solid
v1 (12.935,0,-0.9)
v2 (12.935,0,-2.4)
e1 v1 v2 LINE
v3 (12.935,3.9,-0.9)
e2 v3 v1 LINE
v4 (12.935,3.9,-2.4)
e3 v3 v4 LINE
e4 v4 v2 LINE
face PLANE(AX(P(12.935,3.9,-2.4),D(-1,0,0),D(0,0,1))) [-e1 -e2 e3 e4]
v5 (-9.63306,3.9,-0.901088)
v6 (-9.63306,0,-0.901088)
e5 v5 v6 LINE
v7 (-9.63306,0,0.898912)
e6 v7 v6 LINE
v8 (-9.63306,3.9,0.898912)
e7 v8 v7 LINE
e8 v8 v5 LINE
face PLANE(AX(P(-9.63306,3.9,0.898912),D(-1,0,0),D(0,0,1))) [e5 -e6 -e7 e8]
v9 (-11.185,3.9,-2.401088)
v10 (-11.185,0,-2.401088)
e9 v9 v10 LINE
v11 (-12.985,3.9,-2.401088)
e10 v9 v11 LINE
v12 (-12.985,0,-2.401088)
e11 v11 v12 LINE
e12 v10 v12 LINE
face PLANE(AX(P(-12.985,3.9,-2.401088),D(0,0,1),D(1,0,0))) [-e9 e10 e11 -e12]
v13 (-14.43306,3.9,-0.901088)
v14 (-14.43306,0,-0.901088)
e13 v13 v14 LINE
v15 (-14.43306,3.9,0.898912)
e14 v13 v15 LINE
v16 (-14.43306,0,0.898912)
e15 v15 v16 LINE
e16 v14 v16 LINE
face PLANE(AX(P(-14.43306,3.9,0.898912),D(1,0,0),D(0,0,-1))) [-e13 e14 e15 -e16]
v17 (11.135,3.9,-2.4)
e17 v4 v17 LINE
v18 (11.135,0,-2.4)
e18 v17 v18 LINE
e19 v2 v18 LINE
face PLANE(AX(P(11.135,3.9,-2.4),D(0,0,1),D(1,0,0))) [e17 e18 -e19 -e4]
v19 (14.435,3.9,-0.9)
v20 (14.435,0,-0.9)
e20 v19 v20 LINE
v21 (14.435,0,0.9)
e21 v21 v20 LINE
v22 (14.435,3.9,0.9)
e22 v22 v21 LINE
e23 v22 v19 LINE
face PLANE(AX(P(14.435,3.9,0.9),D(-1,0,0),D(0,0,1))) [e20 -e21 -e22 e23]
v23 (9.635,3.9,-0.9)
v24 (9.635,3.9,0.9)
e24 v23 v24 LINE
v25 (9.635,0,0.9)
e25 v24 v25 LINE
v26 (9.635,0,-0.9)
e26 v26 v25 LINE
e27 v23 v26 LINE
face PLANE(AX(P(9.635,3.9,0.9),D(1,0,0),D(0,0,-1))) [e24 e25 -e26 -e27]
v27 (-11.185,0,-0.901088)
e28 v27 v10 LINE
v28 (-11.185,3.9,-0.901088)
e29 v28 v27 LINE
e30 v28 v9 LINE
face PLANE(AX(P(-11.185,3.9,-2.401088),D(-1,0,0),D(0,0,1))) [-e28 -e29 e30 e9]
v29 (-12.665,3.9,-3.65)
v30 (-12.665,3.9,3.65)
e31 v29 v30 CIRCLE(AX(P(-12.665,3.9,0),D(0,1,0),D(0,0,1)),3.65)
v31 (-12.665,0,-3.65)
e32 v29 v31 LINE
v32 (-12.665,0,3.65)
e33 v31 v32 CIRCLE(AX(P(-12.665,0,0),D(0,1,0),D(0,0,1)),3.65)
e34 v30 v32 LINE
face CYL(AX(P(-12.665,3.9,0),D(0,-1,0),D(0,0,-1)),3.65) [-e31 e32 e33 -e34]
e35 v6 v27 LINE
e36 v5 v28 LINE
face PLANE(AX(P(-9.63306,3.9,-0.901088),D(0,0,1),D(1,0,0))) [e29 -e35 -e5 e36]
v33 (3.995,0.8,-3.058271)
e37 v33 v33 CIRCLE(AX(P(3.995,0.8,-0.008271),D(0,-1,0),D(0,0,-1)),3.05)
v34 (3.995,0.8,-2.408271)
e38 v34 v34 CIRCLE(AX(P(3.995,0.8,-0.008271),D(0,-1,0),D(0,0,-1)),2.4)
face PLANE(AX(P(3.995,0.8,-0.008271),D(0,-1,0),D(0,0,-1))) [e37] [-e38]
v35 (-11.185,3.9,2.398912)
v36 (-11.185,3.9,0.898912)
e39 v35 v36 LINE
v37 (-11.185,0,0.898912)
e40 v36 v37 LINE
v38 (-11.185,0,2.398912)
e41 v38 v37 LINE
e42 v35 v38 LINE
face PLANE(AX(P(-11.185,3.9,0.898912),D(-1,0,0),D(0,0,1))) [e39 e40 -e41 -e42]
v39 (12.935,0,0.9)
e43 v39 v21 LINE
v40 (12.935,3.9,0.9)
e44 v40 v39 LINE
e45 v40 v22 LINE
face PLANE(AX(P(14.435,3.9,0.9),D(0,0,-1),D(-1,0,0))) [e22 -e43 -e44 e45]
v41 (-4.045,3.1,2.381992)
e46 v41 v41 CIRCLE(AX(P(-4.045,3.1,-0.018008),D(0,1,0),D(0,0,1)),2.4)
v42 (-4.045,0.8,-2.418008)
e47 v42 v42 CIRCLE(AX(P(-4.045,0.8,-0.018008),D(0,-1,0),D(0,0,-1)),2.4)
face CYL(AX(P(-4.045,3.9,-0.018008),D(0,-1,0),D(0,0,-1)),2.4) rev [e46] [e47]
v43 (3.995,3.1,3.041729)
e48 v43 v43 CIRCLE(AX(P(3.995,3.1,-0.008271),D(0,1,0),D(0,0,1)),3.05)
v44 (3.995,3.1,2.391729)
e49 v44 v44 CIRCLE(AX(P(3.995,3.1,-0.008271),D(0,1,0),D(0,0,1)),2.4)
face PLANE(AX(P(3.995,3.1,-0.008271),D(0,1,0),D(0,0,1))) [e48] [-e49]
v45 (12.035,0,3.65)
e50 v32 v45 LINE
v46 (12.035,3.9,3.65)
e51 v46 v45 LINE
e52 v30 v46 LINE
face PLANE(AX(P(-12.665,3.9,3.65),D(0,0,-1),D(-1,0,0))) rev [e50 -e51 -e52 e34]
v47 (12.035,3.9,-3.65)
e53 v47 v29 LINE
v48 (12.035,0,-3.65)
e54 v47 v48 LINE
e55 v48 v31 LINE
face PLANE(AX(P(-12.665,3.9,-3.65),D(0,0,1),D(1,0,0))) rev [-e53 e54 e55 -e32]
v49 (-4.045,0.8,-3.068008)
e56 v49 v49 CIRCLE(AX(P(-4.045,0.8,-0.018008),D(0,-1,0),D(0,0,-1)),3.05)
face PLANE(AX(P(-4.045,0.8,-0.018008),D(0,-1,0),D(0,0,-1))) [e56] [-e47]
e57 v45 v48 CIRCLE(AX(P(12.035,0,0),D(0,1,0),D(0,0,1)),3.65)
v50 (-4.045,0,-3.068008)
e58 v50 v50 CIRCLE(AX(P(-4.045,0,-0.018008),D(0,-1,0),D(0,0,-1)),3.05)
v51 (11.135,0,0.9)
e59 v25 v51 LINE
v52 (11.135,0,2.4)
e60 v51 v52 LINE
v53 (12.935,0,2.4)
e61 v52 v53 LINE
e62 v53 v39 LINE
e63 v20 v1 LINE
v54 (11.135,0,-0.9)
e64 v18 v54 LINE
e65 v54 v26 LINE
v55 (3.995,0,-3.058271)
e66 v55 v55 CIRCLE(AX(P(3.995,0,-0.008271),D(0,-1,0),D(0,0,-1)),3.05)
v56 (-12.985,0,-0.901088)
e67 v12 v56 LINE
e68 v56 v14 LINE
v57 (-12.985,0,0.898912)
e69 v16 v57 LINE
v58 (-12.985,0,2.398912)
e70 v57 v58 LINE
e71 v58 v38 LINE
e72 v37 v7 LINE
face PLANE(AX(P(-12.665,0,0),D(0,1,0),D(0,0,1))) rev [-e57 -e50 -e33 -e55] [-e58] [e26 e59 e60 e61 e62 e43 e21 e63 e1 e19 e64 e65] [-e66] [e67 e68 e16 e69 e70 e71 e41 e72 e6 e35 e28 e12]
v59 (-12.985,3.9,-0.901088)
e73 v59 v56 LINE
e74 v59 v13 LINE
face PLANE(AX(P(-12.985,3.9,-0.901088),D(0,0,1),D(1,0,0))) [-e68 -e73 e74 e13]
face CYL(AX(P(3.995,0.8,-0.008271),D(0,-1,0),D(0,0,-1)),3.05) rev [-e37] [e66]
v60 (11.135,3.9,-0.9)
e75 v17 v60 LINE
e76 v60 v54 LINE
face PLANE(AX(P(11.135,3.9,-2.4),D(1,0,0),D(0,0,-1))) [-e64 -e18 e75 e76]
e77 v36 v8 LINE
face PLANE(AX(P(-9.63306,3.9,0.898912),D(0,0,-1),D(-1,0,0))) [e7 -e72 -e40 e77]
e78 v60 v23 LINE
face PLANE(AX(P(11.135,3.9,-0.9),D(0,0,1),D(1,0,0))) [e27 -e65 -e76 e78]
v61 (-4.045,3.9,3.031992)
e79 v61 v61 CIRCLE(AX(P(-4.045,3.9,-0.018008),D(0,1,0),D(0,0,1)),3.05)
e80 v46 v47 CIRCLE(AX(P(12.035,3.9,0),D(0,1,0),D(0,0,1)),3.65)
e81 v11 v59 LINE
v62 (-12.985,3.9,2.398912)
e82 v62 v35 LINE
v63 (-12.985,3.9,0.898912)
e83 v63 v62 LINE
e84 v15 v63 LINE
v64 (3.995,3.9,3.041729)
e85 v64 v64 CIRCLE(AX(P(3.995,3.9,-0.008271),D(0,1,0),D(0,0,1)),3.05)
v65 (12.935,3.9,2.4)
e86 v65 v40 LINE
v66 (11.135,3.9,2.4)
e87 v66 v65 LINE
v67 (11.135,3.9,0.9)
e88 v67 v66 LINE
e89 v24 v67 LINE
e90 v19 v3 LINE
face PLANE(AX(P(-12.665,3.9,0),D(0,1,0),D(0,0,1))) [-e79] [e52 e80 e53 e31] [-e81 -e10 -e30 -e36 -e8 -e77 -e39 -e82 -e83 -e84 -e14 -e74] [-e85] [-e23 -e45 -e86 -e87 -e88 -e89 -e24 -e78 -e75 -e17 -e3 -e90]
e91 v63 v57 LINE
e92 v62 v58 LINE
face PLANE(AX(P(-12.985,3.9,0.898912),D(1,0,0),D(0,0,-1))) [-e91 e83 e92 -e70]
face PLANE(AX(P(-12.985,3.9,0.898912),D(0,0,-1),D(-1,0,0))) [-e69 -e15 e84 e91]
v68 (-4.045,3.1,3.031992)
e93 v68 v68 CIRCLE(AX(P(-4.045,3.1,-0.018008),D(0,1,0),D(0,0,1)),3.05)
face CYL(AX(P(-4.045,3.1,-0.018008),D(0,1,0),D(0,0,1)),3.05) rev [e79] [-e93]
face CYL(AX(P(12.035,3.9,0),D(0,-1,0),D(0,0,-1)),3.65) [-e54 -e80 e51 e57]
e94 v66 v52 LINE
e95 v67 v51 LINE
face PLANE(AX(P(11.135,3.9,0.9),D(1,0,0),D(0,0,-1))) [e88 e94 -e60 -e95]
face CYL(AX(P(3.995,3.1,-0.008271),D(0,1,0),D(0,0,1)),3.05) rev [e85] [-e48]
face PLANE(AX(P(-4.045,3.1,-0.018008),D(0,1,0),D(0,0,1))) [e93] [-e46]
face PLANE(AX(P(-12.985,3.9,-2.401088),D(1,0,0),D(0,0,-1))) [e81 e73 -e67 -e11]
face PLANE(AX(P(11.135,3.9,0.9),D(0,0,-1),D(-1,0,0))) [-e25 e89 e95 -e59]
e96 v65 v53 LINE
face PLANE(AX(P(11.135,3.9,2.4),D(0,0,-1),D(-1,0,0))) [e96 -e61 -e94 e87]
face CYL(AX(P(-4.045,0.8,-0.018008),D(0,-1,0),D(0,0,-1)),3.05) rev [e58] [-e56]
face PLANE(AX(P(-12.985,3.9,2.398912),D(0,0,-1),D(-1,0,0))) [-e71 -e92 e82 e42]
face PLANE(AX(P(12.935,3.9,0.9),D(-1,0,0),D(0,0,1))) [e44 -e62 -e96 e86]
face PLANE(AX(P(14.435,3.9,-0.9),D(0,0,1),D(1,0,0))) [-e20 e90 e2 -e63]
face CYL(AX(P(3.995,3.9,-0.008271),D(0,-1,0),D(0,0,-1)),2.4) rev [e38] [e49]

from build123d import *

# Parameters (mm, degrees)
SKETCH1_R           = 2.4
BOSS_EXTRUDE1_DEPTH = 3.9
SKETCH2_R           = 3.05
CUT_EXTRUDE1_DEPTH  = 0.8
SKETCH3_R           = 3.05
CUT_EXTRUDE2_DEPTH  = 0.8


with BuildPart() as part:
    # Sketch1 → Boss-Extrude1 (new body)
    with BuildSketch(Plane(origin=(0, 0, 0), x_dir=(1, 0, 0), z_dir=(0, 1, 0))):
        with BuildLine():
            Line((-12.665, 3.65), (12.035, 3.65))
            ThreePointArc((12.035, 3.65), (15.685, 0), (12.035, -3.65))
            Line((12.035, -3.65), (-12.665, -3.65))
            ThreePointArc((-12.665, -3.65), (-16.315, 0), (-12.665, 3.65))
        make_face()
        with Locations((-4.045, 0.018008222)):
            Circle(SKETCH1_R, mode=Mode.SUBTRACT)
        with Locations((3.995, 0.008270612)):
            Circle(SKETCH1_R, mode=Mode.SUBTRACT)
        Polygon((11.135, 2.4), (11.135, 0.9), (9.635, 0.9), (9.635, -0.9), (11.135, -0.9), (11.135, -2.4), (12.935, -2.4), (12.935, -0.9), (14.435, -0.9), (14.435, 0.9), (12.935, 0.9), (12.935, 2.4), align=None, mode=Mode.SUBTRACT)
        Polygon((-12.985, 2.401087844), (-12.985, 0.901087844), (-14.433060202, 0.901087844), (-14.433060202, -0.898912156), (-12.985, -0.898912156), (-12.985, -2.398912156), (-11.185, -2.398912156), (-11.185, -0.898912156), (-9.633060202, -0.898912156), (-9.633060202, 0.901087844), (-11.185, 0.901087844), (-11.185, 2.401087844), align=None, mode=Mode.SUBTRACT)
    extrude(amount=BOSS_EXTRUDE1_DEPTH)

    # Sketch2 → Cut-Extrude1 (cut)
    with BuildSketch(Plane(origin=(0, 3.9, 0), x_dir=(1, 0, 0), z_dir=(0, 1, 0))):
        with Locations((-4.045, 0.018008222)):
            Circle(SKETCH2_R)
        with Locations((3.995, 0.008270612)):
            Circle(SKETCH2_R)
    extrude(amount=-CUT_EXTRUDE1_DEPTH, mode=Mode.SUBTRACT)

    # Sketch3 → Cut-Extrude2 (cut)
    with BuildSketch(Plane.XZ):
        with Locations((3.995, -0.008270612)):
            Circle(SKETCH3_R)
        with Locations((-4.045, -0.018008222)):
            Circle(SKETCH3_R)
    extrude(amount=-CUT_EXTRUDE2_DEPTH, mode=Mode.SUBTRACT)


solid = part.part
